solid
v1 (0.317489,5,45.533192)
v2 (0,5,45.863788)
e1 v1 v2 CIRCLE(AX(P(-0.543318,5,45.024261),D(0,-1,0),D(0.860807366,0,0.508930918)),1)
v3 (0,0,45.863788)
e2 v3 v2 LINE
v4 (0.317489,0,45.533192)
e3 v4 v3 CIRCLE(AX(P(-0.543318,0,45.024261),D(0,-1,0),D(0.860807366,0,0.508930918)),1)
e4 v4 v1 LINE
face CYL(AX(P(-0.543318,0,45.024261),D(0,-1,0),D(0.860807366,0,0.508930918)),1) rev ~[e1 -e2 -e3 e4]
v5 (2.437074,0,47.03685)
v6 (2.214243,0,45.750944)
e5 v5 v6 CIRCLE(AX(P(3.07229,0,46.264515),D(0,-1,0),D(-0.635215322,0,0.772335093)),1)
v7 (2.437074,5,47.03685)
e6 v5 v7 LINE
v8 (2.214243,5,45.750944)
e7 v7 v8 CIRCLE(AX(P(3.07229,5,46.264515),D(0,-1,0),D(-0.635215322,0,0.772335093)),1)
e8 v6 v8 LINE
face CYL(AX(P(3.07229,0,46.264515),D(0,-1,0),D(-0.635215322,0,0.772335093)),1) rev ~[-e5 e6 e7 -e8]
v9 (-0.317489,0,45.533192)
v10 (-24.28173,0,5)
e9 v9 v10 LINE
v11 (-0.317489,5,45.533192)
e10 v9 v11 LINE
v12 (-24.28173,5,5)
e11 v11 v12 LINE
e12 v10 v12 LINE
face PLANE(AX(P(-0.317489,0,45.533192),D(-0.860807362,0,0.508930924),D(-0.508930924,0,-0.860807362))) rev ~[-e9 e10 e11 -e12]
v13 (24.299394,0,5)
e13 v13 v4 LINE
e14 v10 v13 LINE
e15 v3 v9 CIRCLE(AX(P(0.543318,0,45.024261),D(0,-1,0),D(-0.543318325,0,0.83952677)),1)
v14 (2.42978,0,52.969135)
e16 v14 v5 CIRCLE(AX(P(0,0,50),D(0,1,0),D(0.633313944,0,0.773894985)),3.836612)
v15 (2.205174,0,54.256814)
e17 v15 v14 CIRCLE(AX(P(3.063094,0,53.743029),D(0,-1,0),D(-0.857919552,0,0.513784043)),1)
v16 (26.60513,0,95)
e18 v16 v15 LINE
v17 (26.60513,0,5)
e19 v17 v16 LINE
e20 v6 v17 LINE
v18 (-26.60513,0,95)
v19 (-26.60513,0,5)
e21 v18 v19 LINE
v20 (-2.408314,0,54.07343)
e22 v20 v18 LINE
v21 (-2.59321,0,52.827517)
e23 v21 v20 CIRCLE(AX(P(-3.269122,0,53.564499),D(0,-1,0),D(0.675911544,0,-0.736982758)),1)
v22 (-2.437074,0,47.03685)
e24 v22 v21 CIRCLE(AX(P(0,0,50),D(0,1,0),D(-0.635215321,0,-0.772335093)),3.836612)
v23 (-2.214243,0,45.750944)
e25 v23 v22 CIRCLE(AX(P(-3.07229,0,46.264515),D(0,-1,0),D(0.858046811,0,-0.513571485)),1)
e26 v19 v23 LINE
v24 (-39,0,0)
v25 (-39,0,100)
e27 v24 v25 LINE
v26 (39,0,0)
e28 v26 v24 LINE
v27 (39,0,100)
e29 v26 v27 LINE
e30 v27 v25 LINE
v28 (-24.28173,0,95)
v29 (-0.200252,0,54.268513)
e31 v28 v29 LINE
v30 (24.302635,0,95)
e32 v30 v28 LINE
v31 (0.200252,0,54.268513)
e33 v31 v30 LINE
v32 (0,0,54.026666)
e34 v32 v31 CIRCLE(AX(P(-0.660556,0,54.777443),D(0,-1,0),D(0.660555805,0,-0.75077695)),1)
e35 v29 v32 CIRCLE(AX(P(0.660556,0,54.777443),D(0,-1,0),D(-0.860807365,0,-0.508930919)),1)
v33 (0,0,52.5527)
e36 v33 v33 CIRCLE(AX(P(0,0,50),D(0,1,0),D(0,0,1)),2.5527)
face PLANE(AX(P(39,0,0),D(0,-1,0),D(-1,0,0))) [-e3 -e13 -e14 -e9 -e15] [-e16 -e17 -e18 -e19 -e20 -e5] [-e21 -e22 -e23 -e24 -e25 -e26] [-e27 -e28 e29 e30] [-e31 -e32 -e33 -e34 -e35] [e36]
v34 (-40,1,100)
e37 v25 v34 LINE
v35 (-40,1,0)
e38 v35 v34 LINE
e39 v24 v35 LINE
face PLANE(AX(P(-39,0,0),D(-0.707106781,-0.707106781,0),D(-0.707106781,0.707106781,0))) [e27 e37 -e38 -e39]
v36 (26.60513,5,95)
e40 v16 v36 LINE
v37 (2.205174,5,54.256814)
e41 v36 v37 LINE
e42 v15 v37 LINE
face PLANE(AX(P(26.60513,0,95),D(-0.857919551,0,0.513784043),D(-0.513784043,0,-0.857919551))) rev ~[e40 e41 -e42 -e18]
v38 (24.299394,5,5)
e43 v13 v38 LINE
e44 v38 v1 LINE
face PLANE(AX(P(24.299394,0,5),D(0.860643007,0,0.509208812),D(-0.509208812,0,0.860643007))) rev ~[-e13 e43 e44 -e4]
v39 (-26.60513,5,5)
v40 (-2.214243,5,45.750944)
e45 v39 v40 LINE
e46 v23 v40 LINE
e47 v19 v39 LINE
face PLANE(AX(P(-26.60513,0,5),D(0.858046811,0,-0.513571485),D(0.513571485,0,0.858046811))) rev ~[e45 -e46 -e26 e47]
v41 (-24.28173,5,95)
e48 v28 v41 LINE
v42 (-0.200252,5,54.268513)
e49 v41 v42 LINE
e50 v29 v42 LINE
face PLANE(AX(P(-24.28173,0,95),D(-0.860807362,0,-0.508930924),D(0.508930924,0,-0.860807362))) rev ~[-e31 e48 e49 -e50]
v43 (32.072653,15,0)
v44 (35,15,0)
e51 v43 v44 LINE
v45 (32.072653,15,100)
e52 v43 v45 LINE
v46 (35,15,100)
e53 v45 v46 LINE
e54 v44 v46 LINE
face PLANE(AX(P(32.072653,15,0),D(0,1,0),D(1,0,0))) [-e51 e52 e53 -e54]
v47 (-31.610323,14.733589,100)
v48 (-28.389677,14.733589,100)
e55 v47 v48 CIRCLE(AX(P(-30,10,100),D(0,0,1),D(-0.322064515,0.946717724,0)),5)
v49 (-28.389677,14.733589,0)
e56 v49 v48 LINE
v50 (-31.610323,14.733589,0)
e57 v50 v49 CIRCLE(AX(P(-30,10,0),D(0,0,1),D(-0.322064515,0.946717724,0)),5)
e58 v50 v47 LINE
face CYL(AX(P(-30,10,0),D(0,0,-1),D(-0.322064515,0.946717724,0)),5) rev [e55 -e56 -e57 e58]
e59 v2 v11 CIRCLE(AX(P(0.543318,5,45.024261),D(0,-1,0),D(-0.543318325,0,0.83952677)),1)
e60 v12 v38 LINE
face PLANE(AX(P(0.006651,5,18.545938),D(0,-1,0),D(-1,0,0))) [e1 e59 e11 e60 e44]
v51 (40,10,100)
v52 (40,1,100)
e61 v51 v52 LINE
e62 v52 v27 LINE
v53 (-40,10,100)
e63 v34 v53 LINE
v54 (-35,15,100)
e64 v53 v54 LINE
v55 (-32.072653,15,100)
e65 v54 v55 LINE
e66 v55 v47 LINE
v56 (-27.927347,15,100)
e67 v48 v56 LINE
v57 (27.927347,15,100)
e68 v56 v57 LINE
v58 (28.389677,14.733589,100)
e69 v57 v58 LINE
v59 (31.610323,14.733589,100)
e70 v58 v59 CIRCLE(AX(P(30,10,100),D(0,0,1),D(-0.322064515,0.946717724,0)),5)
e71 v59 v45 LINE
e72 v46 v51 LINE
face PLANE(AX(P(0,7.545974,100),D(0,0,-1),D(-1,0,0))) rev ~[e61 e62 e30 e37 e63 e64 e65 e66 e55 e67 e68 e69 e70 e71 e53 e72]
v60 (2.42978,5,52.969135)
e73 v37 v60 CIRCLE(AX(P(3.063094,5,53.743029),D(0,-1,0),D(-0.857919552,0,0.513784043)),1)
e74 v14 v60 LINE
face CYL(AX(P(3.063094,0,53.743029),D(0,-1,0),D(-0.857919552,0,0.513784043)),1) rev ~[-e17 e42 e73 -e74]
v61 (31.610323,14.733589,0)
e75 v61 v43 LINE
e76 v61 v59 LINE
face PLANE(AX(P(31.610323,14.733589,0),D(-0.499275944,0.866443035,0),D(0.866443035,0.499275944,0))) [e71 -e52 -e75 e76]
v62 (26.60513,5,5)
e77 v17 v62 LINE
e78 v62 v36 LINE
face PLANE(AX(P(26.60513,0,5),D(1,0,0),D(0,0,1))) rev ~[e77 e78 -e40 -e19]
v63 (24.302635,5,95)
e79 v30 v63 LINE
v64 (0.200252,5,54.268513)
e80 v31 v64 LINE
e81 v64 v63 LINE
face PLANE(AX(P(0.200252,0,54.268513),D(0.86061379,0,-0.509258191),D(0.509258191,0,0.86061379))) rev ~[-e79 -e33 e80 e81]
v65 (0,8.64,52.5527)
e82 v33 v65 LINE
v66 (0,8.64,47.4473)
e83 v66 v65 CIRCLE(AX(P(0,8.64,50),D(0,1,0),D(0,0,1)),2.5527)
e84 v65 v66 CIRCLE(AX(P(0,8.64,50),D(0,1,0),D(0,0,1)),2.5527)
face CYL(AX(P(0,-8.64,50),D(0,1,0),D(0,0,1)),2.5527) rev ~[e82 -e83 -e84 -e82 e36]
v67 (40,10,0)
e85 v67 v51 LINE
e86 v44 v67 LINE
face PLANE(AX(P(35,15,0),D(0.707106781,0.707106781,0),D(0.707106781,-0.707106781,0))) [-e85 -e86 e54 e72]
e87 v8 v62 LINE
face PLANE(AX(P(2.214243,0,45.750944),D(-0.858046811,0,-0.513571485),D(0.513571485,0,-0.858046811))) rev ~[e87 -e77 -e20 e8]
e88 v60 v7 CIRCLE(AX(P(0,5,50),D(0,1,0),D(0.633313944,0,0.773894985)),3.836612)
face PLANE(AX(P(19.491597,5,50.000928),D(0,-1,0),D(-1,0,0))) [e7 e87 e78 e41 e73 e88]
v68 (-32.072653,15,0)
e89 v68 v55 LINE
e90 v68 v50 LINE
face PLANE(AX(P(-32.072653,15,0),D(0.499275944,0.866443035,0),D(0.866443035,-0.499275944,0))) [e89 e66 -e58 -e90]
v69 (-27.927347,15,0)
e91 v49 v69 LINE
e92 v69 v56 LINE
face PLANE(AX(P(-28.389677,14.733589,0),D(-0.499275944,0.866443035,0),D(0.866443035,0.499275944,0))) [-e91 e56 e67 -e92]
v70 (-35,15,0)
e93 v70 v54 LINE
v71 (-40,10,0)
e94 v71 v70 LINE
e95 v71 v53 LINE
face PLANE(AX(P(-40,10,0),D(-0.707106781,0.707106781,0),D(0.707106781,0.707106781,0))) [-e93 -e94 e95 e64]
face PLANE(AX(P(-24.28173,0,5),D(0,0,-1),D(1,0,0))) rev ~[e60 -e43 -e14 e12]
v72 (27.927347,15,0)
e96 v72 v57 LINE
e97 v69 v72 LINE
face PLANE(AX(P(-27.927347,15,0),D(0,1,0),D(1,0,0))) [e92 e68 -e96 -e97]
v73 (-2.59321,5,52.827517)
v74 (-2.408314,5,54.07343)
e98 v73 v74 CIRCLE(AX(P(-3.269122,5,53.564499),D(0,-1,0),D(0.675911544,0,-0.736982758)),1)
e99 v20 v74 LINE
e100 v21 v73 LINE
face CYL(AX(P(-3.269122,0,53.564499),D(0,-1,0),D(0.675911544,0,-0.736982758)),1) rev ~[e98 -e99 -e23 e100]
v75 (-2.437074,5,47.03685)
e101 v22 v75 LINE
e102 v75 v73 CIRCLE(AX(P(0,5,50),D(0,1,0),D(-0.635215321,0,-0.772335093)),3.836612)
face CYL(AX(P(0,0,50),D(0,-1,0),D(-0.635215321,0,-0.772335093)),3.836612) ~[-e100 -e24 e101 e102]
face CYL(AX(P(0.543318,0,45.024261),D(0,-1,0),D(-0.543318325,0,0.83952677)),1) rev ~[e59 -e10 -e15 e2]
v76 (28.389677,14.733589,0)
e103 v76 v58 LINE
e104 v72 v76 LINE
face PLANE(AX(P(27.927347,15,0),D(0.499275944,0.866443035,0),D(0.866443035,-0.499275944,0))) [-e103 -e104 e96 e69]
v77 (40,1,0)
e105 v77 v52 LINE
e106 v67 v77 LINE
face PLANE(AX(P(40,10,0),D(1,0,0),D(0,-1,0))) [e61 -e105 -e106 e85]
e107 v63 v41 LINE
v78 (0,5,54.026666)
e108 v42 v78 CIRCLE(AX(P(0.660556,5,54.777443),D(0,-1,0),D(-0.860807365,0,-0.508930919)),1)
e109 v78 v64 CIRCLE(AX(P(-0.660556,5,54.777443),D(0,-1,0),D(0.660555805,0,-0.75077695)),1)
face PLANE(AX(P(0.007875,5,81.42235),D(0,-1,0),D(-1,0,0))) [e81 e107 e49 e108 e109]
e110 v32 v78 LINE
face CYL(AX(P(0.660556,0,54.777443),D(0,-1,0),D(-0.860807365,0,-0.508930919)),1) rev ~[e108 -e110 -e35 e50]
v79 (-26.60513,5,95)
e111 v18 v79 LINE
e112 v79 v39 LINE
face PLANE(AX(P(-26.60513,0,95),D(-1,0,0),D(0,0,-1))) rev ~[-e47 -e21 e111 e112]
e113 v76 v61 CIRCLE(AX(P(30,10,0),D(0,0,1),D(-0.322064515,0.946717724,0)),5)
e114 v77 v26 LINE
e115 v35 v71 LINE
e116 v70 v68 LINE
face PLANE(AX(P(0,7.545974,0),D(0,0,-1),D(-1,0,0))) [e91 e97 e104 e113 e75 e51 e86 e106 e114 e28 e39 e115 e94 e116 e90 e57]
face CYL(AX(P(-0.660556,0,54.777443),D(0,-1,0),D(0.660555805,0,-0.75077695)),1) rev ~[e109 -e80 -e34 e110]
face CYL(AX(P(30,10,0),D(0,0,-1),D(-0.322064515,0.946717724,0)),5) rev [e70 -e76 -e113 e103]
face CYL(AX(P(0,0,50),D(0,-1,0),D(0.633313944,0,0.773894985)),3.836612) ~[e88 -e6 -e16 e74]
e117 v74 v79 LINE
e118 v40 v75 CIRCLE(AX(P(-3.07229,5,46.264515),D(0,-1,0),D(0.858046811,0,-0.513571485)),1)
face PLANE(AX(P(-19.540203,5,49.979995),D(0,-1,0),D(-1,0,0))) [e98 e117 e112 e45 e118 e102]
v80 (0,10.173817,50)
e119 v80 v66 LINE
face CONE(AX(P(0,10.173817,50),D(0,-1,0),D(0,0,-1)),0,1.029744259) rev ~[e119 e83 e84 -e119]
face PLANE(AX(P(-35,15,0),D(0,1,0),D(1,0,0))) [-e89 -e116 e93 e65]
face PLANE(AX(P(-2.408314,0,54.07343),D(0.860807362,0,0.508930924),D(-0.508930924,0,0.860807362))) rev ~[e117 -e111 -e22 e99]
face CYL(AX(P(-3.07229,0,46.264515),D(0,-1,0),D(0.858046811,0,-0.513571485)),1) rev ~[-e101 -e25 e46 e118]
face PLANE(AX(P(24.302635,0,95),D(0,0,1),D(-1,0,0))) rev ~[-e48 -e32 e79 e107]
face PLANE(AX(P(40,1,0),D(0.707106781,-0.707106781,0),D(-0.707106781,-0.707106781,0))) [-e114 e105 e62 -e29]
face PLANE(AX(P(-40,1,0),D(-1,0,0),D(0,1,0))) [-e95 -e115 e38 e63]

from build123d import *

# Parameters (mm, degrees)
DODANIE_WYCI_GNI_CIE1_DEPTH    = 100
WYTNIJ_WYCI_GNI_CIE1_DEPTH     = 5
OTW_R_GWINTOWANY_1_4_201_D     = 5.1054
OTW_R_GWINTOWANY_1_4_201_DEPTH = 8.64
OTW_R_GWINTOWANY_1_4_201_TIP   = 1.533816902


with BuildPart() as part:
    # Szkic1 → Dodanie-wyciągnięcie1 (new body)
    with BuildSketch(Plane.XY):
        with BuildLine():
            Line((27.92734735, 15), (28.389677427, 14.733588619))
            ThreePointArc((28.389677427, 14.733588619), (30, 5), (31.610322573, 14.733588619))
            Line((31.610322573, 14.733588619), (32.07265265, 15))
            Line((32.07265265, 15), (35, 15))
            Line((35, 15), (40, 10))
            Line((40, 10), (40, 1))
            Line((40, 1), (39, 0))
            Line((39, 0), (-39, 0))
            Line((-39, 0), (-40, 1))
            Line((-40, 1), (-40, 10))
            Line((-40, 10), (-35, 15))
            Line((-35, 15), (-32.07265265, 15))
            Line((-32.07265265, 15), (-31.610322573, 14.733588619))
            ThreePointArc((-31.610322573, 14.733588619), (-30, 5), (-28.389677427, 14.733588619))
            Line((-28.389677427, 14.733588619), (-27.92734735, 15))
            Line((-27.92734735, 15), (27.92734735, 15))
        make_face()
    extrude(amount=DODANIE_WYCI_GNI_CIE1_DEPTH)

    # Szkic2 → Wytnij-wyciągnięcie1 (cut)
    with BuildSketch(Plane(origin=(0, 0, 0), x_dir=(-1, 0, 0), z_dir=(0, -1, 0))):
        with BuildLine():
            Line((-24.299393508, -5), (-0.317489033, -45.533191657))
            ThreePointArc((-0.317489033, -45.533191657), (-0.177941432, -45.716925413), (0, -45.863787501))
            ThreePointArc((0, -45.863787501), (0.177941432, -45.716925413), (0.317489033, -45.533191657))
            Line((0.317489033, -45.533191657), (24.281729572, -5))
            Line((24.281729572, -5), (-24.299393508, -5))
        make_face()
        with BuildLine():
            Line((2.408314264, -54.073430305), (26.605129776, -95))
            Line((26.605129776, -95), (26.605129776, -5))
            Line((26.605129776, -5), (2.214243, -45.750943625))
            ThreePointArc((2.214243, -45.750943625), (2.086974186, -46.435257956), (2.437074489, -47.036850202))
            ThreePointArc((2.437074489, -47.036850202), (3.835217741, -49.896589795), (2.593210084, -52.827516622))
            ThreePointArc((2.593210084, -52.827516622), (2.279954566, -53.41770522), (2.408314264, -54.073430305))
        make_face()
        with BuildLine():
            Line((-24.302635093, -95), (24.281729572, -95))
            Line((24.281729572, -95), (0.200251555, -54.268512505))
            ThreePointArc((0.200251555, -54.268512505), (0.109677176, -54.139680814), (0, -54.02666648))
            ThreePointArc((0, -54.02666648), (-0.109677176, -54.139680814), (-0.200251555, -54.268512505))
            Line((-0.200251555, -54.268512505), (-24.302635093, -95))
        make_face()
        with BuildLine():
            ThreePointArc((-2.437074489, -47.036850202), (-2.086974186, -46.435257956), (-2.214243, -45.750943625))
            Line((-2.214243, -45.750943625), (-26.605129776, -5))
            Line((-26.605129776, -5), (-26.605129776, -95))
            Line((-26.605129776, -95), (-2.205174034, -54.256813529))
            ThreePointArc((-2.205174034, -54.256813529), (-2.077967373, -53.571197168), (-2.429779642, -52.9691345))
            ThreePointArc((-2.429779642, -52.9691345), (-3.836608728, -50.004717824), (-2.437074489, -47.036850202))
        make_face()
    extrude(amount=-WYTNIJ_WYCI_GNI_CIE1_DEPTH, mode=Mode.SUBTRACT)

    # Otwór gwintowany 1/4-201
    with Locations(Plane(origin=(0, 0, 50), x_dir=(0, 0, -1), z_dir=(0, -1, 0))):
        with Locations((0, 0)):
            Hole(OTW_R_GWINTOWANY_1_4_201_D / 2, depth=OTW_R_GWINTOWANY_1_4_201_DEPTH)
            with Locations((0, 0, -(OTW_R_GWINTOWANY_1_4_201_DEPTH + OTW_R_GWINTOWANY_1_4_201_TIP / 2))):  # 118° drill point
                Cone(0, OTW_R_GWINTOWANY_1_4_201_D / 2, OTW_R_GWINTOWANY_1_4_201_TIP, mode=Mode.SUBTRACT)


solid = part.part
